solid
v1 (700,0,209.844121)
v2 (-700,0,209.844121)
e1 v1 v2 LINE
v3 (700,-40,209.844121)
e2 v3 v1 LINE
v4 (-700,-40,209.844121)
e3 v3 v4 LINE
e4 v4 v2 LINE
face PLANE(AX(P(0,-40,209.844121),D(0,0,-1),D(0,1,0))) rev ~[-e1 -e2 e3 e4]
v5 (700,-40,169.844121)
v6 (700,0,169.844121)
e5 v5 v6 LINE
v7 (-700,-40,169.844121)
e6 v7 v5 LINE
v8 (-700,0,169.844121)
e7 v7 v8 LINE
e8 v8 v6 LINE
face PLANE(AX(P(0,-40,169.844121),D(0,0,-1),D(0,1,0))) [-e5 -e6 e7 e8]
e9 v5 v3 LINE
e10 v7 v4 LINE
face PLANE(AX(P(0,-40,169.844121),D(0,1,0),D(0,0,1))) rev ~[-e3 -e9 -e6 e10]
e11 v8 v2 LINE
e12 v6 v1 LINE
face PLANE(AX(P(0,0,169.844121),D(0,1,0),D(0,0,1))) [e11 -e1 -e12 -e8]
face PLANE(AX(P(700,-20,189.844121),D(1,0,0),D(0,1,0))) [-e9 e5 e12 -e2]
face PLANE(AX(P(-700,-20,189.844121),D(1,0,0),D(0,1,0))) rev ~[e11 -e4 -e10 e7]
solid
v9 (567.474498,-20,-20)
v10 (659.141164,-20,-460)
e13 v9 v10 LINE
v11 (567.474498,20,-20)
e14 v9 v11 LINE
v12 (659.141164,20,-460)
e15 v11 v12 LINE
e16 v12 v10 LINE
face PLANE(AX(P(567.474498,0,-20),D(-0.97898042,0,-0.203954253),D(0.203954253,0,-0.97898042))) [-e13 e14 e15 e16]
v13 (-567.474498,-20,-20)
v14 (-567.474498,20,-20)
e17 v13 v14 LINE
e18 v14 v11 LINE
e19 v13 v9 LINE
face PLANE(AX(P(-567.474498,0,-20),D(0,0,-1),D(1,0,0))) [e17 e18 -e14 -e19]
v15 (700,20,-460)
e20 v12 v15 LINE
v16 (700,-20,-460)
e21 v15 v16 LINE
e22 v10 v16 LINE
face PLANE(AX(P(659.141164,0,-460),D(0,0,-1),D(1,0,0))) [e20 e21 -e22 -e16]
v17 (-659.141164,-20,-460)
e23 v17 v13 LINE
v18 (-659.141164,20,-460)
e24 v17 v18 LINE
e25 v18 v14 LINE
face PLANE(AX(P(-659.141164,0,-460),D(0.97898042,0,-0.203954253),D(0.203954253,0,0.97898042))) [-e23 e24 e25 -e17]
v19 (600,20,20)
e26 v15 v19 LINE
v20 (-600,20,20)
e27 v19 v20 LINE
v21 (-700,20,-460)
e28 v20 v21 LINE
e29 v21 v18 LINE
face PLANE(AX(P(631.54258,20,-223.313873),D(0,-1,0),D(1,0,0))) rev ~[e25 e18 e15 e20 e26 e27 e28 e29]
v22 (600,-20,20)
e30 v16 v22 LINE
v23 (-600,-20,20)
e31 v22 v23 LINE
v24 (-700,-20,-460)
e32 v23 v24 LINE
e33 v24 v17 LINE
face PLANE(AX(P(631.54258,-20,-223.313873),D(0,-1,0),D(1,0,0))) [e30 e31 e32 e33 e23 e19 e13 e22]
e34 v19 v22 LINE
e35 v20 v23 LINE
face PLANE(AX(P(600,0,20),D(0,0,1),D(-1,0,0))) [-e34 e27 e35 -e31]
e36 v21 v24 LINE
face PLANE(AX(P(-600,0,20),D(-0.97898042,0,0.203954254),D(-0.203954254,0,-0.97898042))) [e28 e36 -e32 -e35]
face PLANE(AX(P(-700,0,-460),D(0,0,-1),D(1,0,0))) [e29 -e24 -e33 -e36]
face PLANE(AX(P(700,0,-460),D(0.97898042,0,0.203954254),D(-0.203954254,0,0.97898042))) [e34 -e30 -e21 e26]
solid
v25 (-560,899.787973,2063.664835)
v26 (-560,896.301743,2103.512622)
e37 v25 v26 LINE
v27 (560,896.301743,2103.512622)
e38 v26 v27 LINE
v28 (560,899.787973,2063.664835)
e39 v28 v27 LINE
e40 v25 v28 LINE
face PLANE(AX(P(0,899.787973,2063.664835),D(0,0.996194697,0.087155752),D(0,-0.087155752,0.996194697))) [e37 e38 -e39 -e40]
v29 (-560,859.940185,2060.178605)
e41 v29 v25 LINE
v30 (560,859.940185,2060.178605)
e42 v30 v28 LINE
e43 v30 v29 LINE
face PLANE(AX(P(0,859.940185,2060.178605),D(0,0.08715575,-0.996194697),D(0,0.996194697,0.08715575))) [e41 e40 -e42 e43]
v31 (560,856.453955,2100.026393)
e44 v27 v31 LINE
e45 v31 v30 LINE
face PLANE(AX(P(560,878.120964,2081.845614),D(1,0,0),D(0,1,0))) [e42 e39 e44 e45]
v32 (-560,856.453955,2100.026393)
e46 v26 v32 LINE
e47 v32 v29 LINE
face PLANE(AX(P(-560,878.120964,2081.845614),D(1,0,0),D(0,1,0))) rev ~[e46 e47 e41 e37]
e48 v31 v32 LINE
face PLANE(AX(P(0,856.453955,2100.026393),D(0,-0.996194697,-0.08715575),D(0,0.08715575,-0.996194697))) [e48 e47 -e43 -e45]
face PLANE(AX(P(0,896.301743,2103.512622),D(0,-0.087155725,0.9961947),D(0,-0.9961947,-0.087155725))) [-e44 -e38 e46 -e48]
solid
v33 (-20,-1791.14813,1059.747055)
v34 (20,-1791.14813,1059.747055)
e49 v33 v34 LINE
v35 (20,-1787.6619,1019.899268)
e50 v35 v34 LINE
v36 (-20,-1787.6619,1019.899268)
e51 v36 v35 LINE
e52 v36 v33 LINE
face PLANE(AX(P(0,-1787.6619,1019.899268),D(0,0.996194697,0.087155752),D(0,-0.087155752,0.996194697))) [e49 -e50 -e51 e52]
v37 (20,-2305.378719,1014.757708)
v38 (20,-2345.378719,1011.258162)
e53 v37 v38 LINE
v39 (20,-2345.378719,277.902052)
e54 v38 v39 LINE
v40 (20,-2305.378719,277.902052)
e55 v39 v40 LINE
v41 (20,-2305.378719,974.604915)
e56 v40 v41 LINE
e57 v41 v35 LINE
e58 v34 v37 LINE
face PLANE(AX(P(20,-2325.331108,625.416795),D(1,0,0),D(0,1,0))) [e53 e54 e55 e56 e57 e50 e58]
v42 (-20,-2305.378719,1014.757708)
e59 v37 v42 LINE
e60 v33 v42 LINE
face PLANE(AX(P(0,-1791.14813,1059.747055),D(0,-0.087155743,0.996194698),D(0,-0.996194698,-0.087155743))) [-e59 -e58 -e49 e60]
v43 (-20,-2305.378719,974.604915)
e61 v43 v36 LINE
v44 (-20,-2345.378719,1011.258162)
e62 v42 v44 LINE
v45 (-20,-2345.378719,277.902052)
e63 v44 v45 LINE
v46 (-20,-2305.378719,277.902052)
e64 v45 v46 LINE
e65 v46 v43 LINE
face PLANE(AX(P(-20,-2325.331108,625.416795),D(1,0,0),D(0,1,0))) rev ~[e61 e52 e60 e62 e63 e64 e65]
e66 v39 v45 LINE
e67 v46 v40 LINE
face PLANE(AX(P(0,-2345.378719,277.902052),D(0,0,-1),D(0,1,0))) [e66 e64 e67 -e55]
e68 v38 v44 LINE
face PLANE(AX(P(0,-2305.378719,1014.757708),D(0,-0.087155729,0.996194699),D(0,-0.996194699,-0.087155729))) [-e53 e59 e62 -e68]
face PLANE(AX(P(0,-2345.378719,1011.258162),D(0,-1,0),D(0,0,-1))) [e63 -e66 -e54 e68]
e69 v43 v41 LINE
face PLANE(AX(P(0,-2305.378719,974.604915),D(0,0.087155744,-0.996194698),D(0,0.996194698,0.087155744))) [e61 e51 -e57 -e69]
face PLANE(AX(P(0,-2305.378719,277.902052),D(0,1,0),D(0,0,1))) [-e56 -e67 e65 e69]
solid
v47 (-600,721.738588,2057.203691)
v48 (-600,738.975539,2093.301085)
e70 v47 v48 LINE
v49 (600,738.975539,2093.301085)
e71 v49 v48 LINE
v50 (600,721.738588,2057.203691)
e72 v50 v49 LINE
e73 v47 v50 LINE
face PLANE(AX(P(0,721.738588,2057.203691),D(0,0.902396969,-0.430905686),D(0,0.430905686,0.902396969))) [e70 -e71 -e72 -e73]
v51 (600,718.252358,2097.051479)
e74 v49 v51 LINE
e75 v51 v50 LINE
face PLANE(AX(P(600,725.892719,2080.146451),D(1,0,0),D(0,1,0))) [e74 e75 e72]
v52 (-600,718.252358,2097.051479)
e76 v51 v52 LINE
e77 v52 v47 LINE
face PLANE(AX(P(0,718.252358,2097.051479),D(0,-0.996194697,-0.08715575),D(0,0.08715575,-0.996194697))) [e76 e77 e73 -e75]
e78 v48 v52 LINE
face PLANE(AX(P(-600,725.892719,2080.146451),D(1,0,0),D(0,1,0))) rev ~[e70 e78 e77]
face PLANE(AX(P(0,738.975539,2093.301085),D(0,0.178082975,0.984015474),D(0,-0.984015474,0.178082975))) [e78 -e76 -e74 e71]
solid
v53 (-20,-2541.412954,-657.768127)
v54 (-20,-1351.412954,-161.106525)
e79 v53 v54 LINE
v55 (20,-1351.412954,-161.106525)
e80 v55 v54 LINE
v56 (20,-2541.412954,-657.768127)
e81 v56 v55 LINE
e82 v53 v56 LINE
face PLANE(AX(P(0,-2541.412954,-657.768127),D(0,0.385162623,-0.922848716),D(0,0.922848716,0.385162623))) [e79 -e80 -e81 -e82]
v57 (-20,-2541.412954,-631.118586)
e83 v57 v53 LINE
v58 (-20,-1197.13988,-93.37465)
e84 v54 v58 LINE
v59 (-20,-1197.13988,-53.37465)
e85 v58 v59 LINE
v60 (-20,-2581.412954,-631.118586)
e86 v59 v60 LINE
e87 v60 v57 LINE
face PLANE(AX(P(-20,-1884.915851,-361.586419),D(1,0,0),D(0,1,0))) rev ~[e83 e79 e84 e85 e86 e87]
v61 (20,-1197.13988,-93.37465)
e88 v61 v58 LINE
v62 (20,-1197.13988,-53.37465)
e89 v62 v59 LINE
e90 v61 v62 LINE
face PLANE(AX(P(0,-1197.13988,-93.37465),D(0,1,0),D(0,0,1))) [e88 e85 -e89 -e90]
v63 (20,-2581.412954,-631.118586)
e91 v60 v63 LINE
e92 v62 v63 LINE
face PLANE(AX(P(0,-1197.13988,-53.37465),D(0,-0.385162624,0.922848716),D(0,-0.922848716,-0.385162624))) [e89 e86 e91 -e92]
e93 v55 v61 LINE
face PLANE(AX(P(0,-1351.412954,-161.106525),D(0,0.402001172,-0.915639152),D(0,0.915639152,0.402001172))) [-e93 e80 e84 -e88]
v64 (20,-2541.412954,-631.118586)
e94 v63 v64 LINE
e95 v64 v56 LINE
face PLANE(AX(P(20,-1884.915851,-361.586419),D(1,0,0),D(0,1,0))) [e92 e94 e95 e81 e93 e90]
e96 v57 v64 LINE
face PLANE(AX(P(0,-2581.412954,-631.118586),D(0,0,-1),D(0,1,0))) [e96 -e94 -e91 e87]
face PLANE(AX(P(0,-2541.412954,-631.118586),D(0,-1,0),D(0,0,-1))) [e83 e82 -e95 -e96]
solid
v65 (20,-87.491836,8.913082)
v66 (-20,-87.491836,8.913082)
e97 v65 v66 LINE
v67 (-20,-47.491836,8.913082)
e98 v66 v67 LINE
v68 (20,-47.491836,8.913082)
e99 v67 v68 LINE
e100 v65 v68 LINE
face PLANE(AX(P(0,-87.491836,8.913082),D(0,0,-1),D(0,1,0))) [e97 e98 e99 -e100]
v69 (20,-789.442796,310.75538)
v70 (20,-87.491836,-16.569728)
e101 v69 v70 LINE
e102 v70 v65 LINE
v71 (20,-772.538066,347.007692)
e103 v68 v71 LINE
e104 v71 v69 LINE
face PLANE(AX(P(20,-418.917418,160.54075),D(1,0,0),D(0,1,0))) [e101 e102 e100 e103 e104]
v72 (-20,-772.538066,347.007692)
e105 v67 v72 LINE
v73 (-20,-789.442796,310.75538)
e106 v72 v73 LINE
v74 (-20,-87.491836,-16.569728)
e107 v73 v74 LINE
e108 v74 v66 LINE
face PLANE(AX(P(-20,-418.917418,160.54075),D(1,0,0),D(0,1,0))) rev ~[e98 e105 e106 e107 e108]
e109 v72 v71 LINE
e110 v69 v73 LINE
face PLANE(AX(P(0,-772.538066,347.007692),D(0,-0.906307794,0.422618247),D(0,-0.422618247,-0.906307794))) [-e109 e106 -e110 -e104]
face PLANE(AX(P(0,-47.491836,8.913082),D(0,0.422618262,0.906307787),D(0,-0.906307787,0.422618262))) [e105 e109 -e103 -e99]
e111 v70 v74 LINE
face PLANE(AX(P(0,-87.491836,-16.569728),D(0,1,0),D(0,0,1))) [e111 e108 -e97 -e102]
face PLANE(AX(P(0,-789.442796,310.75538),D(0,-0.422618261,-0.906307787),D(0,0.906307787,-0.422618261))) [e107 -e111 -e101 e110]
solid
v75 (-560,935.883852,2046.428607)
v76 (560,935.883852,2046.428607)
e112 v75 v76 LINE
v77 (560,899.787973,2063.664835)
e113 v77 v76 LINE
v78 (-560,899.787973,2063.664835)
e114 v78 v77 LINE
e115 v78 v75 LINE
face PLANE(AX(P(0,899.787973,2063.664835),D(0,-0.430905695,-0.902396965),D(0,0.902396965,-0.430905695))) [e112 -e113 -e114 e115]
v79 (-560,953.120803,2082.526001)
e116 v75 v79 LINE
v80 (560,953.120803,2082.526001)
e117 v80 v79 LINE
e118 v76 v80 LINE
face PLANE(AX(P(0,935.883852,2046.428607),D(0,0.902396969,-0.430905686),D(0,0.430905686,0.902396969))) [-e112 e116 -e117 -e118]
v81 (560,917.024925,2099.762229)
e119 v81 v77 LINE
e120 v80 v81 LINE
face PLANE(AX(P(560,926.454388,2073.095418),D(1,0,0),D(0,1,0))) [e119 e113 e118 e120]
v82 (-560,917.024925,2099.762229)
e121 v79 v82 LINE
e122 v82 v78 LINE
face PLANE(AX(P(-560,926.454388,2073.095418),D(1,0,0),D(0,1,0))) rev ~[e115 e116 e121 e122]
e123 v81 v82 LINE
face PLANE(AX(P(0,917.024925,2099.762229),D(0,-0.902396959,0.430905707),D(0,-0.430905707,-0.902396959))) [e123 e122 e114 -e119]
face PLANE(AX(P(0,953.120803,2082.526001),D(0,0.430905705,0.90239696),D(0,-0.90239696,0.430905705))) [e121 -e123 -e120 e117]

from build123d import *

# Parameters (mm, degrees)
F2_DEPTH  = 20
F4_DEPTH  = 20
F6_DEPTH  = 600
F8_DEPTH  = 560
F10_DEPTH = 20
F11_W     = 40
F11_H     = 40
F12_DEPTH = 700
F14_DEPTH = 20


with BuildPart() as f2:
    # F1 (on Front) → F2 (new body, symmetric)
    with BuildSketch(Plane.XZ):
        Polygon((600, 20), (600, -20), (567.474498, -20), (659.141164, -460), (700, -460), align=None)
        Polygon((567.474498, -20), (600, -20), (600, 20), (-600, 20), (-600, -20), (-567.474498, -20), align=None)
        Polygon((-659.141164, -460), (-567.474498, -20), (-600, -20), (-600, 20), (-700, -460), align=None)
    extrude(amount=F2_DEPTH, both=True)


with BuildPart() as f4:
    # F3 (on Right) → F4 (new body, symmetric)
    with BuildSketch(Plane.YZ):
        Polygon((-87.491836, 8.913082), (-47.491836, 8.913082), (-772.538066, 347.007692), (-789.442796, 310.75538), (-87.491836, -16.569728), align=None)
    extrude(amount=F4_DEPTH, both=True)


with BuildPart() as f6:
    # F5 (on Right) → F6 (new body, symmetric)
    with BuildSketch(Plane.YZ):
        Polygon((718.252358, 2097.051479), (721.738588, 2057.203691), (738.975539, 2093.301085), align=None)
    extrude(amount=F6_DEPTH, both=True)


with BuildPart() as f8:
    # F7 (on face) → F8 (new body, symmetric)
    with BuildSketch(Plane.YZ):
        Polygon((859.940185, 2060.178605), (899.787973, 2063.664835), (896.301743, 2103.512622), (856.453955, 2100.026393), align=None)
        Polygon((917.024925, 2099.762229), (899.787973, 2063.664835), (935.883852, 2046.428607), (953.120803, 2082.526001), align=None)
    extrude(amount=F8_DEPTH, both=True)


with BuildPart() as f10:
    # F9 (on Right) → F10 (new body, symmetric)
    with BuildSketch(Plane.YZ):
        Polygon((-2345.378719, 971.105368), (-2345.378719, 277.902052), (-2305.378719, 277.902052), (-2305.378719, 974.604915), align=None)
        Polygon((-2345.378719, 1011.258162), (-2345.378719, 971.105368), (-2305.378719, 974.604915), (-2305.378719, 1014.757708), align=None)
        Polygon((-2305.378719, 1014.757708), (-2305.378719, 974.604915), (-1787.6619, 1019.899268), (-1791.14813, 1059.747055), align=None)
    extrude(amount=F10_DEPTH, both=True)


with BuildPart() as f12:
    # F11 (on Right) → F12 (new body, symmetric)
    with BuildSketch(Plane.YZ):
        with Locations((-20, 189.844121)):
            Rectangle(F11_W, F11_H)
    extrude(amount=F12_DEPTH, both=True)


with BuildPart() as f14:
    # F13 (on Right) → F14 (new body, symmetric)
    with BuildSketch(Plane.YZ):
        Polygon((-1197.13988, -53.37465), (-2581.412954, -631.118586), (-2541.412954, -631.118586), (-2541.412954, -657.768127), (-1351.412954, -161.106525), (-1197.13988, -93.37465), align=None)
    extrude(amount=F14_DEPTH, both=True)


solid = Compound([f2.part, f4.part, f6.part, f8.part, f10.part, f12.part, f14.part])
